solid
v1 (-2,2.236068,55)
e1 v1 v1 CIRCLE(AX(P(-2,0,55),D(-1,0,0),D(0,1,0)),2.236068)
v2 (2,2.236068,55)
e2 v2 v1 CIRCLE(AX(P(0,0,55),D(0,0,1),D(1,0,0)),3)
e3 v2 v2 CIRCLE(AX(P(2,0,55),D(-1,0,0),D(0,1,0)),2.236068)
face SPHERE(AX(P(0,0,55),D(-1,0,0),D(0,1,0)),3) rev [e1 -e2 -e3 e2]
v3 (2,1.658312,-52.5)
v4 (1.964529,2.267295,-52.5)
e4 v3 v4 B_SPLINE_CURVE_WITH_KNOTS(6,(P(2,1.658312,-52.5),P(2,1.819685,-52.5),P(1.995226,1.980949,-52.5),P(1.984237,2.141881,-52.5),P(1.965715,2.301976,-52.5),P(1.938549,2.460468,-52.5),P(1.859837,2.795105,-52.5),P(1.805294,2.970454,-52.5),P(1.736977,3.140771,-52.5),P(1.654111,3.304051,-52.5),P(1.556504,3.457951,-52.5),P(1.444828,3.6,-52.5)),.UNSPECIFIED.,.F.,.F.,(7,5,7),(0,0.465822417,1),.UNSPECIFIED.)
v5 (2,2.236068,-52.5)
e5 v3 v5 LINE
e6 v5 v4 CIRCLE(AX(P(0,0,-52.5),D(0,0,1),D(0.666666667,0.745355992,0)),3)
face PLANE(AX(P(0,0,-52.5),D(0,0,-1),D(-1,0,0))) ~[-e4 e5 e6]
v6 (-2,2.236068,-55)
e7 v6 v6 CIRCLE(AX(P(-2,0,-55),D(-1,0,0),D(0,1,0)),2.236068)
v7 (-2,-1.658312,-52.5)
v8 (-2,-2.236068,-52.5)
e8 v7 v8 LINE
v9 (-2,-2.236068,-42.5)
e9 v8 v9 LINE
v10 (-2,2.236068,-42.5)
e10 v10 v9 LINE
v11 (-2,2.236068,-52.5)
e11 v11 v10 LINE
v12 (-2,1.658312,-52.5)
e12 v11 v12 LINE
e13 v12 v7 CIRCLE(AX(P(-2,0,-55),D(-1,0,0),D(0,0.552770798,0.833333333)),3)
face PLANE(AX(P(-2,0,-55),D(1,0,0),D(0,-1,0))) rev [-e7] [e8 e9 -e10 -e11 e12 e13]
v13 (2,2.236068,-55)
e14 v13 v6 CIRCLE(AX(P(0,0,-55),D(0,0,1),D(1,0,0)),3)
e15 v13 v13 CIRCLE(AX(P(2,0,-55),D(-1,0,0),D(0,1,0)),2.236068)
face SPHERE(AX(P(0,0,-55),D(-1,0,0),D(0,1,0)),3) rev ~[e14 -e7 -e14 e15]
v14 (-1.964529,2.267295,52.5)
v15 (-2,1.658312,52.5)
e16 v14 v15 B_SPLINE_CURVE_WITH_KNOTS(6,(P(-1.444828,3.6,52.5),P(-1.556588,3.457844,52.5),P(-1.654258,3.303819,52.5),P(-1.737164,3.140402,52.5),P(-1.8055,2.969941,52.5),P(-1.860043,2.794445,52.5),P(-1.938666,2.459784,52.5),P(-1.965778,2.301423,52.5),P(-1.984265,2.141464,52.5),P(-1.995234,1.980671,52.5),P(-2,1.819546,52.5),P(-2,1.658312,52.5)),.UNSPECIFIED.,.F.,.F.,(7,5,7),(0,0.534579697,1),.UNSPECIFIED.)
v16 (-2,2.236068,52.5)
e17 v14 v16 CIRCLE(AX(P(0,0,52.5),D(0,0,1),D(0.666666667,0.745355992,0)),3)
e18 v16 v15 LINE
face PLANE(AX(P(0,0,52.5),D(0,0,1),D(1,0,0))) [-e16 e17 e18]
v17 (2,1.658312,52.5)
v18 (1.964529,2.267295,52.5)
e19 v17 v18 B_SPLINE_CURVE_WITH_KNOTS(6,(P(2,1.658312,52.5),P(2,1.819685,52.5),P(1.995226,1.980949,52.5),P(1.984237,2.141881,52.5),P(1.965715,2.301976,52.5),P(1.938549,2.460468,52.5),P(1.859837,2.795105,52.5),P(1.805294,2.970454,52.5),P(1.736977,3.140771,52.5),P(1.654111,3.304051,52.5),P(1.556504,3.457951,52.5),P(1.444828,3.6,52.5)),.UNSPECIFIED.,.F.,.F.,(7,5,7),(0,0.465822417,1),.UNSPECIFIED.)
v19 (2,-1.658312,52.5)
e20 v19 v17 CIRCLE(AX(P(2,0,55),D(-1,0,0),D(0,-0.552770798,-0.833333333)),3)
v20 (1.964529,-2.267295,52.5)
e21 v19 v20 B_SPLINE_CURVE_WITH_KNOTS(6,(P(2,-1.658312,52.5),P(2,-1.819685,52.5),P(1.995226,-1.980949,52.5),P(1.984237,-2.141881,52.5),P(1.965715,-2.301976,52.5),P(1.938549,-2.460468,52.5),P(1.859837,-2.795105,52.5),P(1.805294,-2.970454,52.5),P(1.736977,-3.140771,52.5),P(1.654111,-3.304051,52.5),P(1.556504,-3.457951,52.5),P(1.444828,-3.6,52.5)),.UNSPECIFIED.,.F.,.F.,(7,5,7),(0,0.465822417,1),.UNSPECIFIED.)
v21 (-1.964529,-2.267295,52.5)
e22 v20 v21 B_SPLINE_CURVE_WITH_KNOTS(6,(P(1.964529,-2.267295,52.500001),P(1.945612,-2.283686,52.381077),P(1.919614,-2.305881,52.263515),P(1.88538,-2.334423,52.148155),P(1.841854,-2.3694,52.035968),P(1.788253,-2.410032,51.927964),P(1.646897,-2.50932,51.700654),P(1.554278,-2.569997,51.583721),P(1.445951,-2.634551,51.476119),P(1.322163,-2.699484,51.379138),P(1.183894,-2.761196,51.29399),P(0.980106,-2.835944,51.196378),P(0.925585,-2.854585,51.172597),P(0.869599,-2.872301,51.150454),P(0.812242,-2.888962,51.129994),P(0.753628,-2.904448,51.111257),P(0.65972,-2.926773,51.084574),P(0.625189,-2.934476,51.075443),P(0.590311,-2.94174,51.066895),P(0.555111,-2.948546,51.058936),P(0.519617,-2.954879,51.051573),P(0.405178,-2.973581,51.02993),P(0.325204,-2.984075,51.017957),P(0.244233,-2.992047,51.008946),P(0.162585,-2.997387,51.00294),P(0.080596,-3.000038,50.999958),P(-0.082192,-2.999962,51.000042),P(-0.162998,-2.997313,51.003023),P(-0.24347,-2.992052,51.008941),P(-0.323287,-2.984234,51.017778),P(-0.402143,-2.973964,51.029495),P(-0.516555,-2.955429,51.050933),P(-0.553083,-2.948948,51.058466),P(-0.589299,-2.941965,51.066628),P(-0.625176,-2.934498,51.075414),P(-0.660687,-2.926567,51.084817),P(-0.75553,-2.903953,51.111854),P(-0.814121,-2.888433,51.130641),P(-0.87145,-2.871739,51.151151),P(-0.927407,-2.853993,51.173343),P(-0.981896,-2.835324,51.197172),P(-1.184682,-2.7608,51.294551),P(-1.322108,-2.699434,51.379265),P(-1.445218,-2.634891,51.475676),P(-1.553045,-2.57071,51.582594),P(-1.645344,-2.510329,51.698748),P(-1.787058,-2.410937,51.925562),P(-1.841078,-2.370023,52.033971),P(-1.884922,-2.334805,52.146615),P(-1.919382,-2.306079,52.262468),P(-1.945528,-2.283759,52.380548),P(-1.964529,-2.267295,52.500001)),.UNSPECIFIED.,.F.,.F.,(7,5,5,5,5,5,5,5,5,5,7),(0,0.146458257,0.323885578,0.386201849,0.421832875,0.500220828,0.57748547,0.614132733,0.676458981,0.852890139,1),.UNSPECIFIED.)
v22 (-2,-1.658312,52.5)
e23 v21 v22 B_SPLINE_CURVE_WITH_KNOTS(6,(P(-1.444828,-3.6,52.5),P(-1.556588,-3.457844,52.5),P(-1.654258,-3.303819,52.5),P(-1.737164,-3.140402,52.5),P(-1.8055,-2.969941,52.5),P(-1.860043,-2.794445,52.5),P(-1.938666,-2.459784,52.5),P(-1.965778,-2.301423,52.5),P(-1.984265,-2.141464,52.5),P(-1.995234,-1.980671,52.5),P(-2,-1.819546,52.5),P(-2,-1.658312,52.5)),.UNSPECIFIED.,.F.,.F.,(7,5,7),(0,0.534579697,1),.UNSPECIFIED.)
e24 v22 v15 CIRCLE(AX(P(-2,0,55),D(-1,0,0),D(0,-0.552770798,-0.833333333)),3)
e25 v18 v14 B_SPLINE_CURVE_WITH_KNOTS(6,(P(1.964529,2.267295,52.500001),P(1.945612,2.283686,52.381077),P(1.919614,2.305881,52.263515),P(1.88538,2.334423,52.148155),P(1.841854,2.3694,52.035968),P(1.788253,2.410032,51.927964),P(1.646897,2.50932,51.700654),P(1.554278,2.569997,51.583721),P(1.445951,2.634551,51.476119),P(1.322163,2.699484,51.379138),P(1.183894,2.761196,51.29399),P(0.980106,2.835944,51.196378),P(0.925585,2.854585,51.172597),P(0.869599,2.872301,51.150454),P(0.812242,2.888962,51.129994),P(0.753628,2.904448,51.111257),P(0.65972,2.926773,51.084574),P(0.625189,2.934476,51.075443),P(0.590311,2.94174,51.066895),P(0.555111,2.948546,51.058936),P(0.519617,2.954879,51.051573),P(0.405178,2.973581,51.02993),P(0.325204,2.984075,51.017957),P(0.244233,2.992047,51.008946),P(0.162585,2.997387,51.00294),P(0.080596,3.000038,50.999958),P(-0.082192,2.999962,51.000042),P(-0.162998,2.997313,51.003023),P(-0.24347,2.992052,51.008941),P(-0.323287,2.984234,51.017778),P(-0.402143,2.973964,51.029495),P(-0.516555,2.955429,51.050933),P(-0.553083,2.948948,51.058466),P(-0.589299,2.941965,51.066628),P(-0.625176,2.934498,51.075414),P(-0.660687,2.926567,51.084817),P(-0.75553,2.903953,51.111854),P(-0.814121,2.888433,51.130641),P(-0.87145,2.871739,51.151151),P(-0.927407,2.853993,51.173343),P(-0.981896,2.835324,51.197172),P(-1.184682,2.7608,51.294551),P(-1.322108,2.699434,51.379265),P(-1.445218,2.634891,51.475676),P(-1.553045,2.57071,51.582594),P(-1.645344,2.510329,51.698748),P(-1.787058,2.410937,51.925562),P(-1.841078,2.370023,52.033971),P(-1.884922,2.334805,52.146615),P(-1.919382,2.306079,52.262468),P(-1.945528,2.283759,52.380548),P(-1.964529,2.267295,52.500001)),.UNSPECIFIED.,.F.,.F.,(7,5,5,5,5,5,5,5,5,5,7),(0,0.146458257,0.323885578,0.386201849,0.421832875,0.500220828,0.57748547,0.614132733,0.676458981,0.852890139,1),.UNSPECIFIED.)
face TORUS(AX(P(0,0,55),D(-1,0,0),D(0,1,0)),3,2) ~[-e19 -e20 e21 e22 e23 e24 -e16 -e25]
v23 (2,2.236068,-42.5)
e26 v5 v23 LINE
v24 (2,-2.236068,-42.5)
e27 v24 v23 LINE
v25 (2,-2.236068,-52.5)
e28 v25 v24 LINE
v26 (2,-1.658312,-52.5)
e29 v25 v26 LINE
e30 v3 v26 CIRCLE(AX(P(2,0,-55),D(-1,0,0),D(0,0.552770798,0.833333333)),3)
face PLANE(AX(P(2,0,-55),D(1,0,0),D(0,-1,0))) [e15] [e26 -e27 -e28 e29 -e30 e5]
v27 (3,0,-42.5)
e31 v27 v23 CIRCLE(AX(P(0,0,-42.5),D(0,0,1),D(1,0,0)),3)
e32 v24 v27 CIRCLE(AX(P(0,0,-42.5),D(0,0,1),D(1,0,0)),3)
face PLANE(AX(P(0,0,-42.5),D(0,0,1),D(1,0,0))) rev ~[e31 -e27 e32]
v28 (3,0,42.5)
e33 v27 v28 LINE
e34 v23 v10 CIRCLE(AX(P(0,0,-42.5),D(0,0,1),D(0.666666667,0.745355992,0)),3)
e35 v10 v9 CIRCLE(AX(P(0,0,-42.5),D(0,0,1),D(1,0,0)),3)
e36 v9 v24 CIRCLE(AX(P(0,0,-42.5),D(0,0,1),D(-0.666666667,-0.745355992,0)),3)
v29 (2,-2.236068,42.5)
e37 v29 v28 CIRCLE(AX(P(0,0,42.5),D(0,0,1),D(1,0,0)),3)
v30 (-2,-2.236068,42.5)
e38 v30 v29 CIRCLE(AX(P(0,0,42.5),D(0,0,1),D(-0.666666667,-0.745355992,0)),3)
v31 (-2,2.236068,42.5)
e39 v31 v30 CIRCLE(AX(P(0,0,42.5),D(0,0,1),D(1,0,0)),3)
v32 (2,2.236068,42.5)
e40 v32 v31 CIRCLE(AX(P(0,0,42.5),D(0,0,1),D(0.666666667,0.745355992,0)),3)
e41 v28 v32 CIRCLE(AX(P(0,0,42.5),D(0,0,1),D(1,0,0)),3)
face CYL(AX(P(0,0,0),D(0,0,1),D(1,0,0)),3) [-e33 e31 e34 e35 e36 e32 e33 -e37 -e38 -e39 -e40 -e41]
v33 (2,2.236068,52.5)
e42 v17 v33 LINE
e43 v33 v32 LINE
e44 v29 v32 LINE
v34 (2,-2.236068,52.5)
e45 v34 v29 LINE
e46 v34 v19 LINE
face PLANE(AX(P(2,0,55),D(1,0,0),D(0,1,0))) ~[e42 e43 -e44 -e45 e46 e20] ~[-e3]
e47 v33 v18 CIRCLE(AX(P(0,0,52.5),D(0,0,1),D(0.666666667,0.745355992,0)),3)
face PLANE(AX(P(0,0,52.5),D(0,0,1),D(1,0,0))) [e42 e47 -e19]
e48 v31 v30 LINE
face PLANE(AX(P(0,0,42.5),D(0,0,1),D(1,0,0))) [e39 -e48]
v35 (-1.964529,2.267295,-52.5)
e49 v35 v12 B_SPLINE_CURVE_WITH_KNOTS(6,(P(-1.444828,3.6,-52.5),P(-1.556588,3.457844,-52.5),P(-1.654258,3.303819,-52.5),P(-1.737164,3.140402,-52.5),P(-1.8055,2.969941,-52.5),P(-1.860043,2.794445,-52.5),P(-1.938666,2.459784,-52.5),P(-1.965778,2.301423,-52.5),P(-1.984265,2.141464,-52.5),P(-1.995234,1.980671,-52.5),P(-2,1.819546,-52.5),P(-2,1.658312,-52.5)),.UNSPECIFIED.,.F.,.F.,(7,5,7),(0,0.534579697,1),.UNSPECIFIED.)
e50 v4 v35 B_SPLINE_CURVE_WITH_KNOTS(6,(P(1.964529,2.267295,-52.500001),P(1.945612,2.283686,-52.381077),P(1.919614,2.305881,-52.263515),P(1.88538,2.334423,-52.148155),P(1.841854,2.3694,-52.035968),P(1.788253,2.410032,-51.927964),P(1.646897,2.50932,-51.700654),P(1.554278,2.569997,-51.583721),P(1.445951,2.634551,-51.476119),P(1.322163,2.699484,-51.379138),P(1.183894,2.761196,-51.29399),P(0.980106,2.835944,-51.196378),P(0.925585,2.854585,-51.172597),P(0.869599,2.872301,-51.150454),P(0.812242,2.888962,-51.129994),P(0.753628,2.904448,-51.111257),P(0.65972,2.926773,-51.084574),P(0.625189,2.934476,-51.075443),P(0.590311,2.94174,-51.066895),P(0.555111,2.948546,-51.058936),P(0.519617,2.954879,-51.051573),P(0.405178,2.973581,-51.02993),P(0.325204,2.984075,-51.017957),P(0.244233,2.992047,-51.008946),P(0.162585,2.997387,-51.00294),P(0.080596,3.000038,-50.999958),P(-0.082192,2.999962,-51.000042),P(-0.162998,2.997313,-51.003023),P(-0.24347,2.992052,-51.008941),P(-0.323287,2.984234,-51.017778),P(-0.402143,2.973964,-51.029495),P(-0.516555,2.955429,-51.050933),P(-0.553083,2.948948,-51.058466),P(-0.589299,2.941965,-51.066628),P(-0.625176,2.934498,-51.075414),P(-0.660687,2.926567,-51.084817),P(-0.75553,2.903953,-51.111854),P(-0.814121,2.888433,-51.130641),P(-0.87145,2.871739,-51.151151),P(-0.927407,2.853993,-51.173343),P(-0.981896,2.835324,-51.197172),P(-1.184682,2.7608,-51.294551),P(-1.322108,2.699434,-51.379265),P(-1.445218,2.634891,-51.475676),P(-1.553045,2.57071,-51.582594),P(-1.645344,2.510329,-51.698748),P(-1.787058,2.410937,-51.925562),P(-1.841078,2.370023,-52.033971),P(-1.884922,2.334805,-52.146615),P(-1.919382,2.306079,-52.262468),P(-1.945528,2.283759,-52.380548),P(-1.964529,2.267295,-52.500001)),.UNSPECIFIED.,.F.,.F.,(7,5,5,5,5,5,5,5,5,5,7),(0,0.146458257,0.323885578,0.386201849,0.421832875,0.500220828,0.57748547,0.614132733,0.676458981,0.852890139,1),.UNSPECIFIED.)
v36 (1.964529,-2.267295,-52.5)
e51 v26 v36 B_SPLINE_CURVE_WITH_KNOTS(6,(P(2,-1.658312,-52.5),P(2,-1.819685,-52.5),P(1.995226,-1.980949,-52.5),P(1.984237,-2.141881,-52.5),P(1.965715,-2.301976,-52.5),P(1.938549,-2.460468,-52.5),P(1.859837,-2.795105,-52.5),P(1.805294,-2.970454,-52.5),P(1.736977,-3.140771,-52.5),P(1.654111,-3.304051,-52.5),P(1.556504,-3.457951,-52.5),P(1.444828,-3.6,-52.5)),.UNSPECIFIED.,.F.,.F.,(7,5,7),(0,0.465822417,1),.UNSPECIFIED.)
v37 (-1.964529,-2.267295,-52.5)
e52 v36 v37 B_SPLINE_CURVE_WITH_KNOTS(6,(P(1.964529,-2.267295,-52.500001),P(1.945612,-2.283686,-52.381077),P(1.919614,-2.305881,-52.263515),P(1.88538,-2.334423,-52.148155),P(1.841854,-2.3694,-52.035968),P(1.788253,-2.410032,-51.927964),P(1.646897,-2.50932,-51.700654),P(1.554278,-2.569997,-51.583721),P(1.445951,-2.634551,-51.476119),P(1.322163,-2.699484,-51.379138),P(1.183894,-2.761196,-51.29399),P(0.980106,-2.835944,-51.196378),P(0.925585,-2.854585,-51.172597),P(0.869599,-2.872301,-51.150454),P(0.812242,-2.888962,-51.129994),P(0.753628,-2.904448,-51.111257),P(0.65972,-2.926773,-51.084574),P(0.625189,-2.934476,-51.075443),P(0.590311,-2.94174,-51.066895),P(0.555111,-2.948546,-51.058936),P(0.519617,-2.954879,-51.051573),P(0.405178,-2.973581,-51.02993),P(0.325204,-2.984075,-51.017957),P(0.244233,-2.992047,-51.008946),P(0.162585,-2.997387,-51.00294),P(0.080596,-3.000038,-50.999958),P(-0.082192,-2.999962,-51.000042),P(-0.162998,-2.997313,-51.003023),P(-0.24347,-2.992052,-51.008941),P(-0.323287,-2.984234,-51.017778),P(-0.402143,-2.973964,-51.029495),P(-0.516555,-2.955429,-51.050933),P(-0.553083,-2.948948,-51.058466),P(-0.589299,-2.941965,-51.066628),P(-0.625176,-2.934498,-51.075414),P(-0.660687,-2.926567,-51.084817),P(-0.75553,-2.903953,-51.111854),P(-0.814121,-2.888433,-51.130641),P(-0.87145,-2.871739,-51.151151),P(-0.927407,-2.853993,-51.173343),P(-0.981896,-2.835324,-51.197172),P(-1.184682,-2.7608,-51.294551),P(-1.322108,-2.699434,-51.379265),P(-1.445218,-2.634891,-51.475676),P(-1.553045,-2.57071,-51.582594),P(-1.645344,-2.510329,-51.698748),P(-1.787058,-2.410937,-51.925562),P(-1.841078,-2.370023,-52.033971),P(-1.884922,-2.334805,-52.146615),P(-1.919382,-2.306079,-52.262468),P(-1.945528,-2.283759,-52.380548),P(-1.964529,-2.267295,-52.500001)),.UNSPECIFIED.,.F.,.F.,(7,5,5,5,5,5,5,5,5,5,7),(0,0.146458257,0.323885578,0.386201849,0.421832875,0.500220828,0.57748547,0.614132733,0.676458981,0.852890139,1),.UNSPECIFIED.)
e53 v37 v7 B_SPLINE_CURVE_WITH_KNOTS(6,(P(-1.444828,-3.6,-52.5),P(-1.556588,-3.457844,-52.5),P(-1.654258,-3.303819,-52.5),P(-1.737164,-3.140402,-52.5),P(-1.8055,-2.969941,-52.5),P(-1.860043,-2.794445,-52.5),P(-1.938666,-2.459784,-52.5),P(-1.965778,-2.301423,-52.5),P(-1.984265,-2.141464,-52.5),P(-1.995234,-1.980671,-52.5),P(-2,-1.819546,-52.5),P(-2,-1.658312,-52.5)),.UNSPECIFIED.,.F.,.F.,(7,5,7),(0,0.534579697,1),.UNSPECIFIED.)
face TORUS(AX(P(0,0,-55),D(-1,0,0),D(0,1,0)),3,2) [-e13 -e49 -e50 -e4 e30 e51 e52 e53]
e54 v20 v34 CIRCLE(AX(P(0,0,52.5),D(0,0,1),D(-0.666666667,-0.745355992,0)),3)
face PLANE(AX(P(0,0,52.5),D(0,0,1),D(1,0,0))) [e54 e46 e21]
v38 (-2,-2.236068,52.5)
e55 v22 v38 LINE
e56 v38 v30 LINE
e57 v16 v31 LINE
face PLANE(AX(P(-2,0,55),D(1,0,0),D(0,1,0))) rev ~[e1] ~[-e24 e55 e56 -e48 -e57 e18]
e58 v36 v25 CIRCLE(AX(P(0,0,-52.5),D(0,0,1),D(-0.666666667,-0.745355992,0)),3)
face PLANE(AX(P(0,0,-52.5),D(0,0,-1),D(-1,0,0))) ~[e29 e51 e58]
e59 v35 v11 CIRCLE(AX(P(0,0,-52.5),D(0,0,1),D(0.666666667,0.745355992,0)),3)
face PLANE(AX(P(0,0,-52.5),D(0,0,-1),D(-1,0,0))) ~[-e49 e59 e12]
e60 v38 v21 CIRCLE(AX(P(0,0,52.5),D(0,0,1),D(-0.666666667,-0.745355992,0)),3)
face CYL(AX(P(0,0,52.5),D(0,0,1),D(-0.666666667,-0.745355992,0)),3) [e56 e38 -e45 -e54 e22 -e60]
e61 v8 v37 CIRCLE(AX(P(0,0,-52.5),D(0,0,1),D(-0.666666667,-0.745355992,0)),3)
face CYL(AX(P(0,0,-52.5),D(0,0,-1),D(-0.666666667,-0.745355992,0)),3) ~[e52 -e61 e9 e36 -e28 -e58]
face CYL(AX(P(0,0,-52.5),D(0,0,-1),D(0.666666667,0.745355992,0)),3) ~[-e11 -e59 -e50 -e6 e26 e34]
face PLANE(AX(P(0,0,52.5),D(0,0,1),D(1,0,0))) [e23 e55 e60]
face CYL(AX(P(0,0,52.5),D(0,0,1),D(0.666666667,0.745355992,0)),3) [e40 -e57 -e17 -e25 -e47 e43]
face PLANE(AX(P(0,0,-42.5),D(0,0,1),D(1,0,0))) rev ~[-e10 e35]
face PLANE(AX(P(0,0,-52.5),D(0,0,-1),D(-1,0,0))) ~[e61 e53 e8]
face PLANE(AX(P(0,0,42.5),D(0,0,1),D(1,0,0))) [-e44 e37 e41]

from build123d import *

# Parameters (mm, degrees)
SKETCH_1_R      = 3
EXTRUDE_1_DEPTH = 42.5
EXTRUDE_START   = 10
EXTRUDE_2_DEPTH = 10


with BuildPart() as part:
    # 草图1 → 凸台-拉伸1 (new, symmetric)
    with BuildSketch(Plane.XY):
        Circle(SKETCH_1_R)
    extrude(amount=EXTRUDE_1_DEPTH, both=True)

    # 草图2 → 凸台-拉伸2 (add)
    with BuildSketch(Plane.XY.offset(42.5).offset(EXTRUDE_START)):
        with BuildLine():
            ThreePointArc((2, 2.236067977), (0, 3), (-2, 2.236067977))
            Line((-2, 2.236067977), (-2, -2.236067977))
            ThreePointArc((-2, -2.236067977), (0, -3), (2, -2.236067977))
            Line((2, -2.236067977), (2, 2.236067977))
        make_face()
    extrude_2 = extrude(amount=-EXTRUDE_2_DEPTH)

    # 草图3 → 旋转1 (revolve)
    with BuildSketch(Plane.XY.offset(55)):
        with BuildLine():
            Line((-2, 3), (-2, 0))
            Line((-2, 0), (2, 0))
            Line((2, 0), (2, 3))
            ThreePointArc((2, 3), (0, 5), (-2, 3))
        make_face()
    revolve_1 = revolve(axis=Axis((0, 0, 55), (1, 0, 0)))

    # 草图4 → 切除-旋转1 (revolve, cut)
    with BuildSketch(Plane.XY.offset(55)):
        with BuildLine():
            Line((-3, 0), (3, 0))
            ThreePointArc((3, 0), (0, 3), (-3, 0))
        make_face()
    cut_revolve_1 = revolve(axis=Axis((-3.468207888, 0, 55), (1, 0, 0)), mode=Mode.SUBTRACT)

    # 镜向1: 凸台-拉伸2, 旋转1, 切除-旋转1 across plane
    add(extrude_2.mirror(Plane.XY))
    add(revolve_1.mirror(Plane.XY))
    add(cut_revolve_1.mirror(Plane.XY), mode=Mode.SUBTRACT)


solid = part.part
